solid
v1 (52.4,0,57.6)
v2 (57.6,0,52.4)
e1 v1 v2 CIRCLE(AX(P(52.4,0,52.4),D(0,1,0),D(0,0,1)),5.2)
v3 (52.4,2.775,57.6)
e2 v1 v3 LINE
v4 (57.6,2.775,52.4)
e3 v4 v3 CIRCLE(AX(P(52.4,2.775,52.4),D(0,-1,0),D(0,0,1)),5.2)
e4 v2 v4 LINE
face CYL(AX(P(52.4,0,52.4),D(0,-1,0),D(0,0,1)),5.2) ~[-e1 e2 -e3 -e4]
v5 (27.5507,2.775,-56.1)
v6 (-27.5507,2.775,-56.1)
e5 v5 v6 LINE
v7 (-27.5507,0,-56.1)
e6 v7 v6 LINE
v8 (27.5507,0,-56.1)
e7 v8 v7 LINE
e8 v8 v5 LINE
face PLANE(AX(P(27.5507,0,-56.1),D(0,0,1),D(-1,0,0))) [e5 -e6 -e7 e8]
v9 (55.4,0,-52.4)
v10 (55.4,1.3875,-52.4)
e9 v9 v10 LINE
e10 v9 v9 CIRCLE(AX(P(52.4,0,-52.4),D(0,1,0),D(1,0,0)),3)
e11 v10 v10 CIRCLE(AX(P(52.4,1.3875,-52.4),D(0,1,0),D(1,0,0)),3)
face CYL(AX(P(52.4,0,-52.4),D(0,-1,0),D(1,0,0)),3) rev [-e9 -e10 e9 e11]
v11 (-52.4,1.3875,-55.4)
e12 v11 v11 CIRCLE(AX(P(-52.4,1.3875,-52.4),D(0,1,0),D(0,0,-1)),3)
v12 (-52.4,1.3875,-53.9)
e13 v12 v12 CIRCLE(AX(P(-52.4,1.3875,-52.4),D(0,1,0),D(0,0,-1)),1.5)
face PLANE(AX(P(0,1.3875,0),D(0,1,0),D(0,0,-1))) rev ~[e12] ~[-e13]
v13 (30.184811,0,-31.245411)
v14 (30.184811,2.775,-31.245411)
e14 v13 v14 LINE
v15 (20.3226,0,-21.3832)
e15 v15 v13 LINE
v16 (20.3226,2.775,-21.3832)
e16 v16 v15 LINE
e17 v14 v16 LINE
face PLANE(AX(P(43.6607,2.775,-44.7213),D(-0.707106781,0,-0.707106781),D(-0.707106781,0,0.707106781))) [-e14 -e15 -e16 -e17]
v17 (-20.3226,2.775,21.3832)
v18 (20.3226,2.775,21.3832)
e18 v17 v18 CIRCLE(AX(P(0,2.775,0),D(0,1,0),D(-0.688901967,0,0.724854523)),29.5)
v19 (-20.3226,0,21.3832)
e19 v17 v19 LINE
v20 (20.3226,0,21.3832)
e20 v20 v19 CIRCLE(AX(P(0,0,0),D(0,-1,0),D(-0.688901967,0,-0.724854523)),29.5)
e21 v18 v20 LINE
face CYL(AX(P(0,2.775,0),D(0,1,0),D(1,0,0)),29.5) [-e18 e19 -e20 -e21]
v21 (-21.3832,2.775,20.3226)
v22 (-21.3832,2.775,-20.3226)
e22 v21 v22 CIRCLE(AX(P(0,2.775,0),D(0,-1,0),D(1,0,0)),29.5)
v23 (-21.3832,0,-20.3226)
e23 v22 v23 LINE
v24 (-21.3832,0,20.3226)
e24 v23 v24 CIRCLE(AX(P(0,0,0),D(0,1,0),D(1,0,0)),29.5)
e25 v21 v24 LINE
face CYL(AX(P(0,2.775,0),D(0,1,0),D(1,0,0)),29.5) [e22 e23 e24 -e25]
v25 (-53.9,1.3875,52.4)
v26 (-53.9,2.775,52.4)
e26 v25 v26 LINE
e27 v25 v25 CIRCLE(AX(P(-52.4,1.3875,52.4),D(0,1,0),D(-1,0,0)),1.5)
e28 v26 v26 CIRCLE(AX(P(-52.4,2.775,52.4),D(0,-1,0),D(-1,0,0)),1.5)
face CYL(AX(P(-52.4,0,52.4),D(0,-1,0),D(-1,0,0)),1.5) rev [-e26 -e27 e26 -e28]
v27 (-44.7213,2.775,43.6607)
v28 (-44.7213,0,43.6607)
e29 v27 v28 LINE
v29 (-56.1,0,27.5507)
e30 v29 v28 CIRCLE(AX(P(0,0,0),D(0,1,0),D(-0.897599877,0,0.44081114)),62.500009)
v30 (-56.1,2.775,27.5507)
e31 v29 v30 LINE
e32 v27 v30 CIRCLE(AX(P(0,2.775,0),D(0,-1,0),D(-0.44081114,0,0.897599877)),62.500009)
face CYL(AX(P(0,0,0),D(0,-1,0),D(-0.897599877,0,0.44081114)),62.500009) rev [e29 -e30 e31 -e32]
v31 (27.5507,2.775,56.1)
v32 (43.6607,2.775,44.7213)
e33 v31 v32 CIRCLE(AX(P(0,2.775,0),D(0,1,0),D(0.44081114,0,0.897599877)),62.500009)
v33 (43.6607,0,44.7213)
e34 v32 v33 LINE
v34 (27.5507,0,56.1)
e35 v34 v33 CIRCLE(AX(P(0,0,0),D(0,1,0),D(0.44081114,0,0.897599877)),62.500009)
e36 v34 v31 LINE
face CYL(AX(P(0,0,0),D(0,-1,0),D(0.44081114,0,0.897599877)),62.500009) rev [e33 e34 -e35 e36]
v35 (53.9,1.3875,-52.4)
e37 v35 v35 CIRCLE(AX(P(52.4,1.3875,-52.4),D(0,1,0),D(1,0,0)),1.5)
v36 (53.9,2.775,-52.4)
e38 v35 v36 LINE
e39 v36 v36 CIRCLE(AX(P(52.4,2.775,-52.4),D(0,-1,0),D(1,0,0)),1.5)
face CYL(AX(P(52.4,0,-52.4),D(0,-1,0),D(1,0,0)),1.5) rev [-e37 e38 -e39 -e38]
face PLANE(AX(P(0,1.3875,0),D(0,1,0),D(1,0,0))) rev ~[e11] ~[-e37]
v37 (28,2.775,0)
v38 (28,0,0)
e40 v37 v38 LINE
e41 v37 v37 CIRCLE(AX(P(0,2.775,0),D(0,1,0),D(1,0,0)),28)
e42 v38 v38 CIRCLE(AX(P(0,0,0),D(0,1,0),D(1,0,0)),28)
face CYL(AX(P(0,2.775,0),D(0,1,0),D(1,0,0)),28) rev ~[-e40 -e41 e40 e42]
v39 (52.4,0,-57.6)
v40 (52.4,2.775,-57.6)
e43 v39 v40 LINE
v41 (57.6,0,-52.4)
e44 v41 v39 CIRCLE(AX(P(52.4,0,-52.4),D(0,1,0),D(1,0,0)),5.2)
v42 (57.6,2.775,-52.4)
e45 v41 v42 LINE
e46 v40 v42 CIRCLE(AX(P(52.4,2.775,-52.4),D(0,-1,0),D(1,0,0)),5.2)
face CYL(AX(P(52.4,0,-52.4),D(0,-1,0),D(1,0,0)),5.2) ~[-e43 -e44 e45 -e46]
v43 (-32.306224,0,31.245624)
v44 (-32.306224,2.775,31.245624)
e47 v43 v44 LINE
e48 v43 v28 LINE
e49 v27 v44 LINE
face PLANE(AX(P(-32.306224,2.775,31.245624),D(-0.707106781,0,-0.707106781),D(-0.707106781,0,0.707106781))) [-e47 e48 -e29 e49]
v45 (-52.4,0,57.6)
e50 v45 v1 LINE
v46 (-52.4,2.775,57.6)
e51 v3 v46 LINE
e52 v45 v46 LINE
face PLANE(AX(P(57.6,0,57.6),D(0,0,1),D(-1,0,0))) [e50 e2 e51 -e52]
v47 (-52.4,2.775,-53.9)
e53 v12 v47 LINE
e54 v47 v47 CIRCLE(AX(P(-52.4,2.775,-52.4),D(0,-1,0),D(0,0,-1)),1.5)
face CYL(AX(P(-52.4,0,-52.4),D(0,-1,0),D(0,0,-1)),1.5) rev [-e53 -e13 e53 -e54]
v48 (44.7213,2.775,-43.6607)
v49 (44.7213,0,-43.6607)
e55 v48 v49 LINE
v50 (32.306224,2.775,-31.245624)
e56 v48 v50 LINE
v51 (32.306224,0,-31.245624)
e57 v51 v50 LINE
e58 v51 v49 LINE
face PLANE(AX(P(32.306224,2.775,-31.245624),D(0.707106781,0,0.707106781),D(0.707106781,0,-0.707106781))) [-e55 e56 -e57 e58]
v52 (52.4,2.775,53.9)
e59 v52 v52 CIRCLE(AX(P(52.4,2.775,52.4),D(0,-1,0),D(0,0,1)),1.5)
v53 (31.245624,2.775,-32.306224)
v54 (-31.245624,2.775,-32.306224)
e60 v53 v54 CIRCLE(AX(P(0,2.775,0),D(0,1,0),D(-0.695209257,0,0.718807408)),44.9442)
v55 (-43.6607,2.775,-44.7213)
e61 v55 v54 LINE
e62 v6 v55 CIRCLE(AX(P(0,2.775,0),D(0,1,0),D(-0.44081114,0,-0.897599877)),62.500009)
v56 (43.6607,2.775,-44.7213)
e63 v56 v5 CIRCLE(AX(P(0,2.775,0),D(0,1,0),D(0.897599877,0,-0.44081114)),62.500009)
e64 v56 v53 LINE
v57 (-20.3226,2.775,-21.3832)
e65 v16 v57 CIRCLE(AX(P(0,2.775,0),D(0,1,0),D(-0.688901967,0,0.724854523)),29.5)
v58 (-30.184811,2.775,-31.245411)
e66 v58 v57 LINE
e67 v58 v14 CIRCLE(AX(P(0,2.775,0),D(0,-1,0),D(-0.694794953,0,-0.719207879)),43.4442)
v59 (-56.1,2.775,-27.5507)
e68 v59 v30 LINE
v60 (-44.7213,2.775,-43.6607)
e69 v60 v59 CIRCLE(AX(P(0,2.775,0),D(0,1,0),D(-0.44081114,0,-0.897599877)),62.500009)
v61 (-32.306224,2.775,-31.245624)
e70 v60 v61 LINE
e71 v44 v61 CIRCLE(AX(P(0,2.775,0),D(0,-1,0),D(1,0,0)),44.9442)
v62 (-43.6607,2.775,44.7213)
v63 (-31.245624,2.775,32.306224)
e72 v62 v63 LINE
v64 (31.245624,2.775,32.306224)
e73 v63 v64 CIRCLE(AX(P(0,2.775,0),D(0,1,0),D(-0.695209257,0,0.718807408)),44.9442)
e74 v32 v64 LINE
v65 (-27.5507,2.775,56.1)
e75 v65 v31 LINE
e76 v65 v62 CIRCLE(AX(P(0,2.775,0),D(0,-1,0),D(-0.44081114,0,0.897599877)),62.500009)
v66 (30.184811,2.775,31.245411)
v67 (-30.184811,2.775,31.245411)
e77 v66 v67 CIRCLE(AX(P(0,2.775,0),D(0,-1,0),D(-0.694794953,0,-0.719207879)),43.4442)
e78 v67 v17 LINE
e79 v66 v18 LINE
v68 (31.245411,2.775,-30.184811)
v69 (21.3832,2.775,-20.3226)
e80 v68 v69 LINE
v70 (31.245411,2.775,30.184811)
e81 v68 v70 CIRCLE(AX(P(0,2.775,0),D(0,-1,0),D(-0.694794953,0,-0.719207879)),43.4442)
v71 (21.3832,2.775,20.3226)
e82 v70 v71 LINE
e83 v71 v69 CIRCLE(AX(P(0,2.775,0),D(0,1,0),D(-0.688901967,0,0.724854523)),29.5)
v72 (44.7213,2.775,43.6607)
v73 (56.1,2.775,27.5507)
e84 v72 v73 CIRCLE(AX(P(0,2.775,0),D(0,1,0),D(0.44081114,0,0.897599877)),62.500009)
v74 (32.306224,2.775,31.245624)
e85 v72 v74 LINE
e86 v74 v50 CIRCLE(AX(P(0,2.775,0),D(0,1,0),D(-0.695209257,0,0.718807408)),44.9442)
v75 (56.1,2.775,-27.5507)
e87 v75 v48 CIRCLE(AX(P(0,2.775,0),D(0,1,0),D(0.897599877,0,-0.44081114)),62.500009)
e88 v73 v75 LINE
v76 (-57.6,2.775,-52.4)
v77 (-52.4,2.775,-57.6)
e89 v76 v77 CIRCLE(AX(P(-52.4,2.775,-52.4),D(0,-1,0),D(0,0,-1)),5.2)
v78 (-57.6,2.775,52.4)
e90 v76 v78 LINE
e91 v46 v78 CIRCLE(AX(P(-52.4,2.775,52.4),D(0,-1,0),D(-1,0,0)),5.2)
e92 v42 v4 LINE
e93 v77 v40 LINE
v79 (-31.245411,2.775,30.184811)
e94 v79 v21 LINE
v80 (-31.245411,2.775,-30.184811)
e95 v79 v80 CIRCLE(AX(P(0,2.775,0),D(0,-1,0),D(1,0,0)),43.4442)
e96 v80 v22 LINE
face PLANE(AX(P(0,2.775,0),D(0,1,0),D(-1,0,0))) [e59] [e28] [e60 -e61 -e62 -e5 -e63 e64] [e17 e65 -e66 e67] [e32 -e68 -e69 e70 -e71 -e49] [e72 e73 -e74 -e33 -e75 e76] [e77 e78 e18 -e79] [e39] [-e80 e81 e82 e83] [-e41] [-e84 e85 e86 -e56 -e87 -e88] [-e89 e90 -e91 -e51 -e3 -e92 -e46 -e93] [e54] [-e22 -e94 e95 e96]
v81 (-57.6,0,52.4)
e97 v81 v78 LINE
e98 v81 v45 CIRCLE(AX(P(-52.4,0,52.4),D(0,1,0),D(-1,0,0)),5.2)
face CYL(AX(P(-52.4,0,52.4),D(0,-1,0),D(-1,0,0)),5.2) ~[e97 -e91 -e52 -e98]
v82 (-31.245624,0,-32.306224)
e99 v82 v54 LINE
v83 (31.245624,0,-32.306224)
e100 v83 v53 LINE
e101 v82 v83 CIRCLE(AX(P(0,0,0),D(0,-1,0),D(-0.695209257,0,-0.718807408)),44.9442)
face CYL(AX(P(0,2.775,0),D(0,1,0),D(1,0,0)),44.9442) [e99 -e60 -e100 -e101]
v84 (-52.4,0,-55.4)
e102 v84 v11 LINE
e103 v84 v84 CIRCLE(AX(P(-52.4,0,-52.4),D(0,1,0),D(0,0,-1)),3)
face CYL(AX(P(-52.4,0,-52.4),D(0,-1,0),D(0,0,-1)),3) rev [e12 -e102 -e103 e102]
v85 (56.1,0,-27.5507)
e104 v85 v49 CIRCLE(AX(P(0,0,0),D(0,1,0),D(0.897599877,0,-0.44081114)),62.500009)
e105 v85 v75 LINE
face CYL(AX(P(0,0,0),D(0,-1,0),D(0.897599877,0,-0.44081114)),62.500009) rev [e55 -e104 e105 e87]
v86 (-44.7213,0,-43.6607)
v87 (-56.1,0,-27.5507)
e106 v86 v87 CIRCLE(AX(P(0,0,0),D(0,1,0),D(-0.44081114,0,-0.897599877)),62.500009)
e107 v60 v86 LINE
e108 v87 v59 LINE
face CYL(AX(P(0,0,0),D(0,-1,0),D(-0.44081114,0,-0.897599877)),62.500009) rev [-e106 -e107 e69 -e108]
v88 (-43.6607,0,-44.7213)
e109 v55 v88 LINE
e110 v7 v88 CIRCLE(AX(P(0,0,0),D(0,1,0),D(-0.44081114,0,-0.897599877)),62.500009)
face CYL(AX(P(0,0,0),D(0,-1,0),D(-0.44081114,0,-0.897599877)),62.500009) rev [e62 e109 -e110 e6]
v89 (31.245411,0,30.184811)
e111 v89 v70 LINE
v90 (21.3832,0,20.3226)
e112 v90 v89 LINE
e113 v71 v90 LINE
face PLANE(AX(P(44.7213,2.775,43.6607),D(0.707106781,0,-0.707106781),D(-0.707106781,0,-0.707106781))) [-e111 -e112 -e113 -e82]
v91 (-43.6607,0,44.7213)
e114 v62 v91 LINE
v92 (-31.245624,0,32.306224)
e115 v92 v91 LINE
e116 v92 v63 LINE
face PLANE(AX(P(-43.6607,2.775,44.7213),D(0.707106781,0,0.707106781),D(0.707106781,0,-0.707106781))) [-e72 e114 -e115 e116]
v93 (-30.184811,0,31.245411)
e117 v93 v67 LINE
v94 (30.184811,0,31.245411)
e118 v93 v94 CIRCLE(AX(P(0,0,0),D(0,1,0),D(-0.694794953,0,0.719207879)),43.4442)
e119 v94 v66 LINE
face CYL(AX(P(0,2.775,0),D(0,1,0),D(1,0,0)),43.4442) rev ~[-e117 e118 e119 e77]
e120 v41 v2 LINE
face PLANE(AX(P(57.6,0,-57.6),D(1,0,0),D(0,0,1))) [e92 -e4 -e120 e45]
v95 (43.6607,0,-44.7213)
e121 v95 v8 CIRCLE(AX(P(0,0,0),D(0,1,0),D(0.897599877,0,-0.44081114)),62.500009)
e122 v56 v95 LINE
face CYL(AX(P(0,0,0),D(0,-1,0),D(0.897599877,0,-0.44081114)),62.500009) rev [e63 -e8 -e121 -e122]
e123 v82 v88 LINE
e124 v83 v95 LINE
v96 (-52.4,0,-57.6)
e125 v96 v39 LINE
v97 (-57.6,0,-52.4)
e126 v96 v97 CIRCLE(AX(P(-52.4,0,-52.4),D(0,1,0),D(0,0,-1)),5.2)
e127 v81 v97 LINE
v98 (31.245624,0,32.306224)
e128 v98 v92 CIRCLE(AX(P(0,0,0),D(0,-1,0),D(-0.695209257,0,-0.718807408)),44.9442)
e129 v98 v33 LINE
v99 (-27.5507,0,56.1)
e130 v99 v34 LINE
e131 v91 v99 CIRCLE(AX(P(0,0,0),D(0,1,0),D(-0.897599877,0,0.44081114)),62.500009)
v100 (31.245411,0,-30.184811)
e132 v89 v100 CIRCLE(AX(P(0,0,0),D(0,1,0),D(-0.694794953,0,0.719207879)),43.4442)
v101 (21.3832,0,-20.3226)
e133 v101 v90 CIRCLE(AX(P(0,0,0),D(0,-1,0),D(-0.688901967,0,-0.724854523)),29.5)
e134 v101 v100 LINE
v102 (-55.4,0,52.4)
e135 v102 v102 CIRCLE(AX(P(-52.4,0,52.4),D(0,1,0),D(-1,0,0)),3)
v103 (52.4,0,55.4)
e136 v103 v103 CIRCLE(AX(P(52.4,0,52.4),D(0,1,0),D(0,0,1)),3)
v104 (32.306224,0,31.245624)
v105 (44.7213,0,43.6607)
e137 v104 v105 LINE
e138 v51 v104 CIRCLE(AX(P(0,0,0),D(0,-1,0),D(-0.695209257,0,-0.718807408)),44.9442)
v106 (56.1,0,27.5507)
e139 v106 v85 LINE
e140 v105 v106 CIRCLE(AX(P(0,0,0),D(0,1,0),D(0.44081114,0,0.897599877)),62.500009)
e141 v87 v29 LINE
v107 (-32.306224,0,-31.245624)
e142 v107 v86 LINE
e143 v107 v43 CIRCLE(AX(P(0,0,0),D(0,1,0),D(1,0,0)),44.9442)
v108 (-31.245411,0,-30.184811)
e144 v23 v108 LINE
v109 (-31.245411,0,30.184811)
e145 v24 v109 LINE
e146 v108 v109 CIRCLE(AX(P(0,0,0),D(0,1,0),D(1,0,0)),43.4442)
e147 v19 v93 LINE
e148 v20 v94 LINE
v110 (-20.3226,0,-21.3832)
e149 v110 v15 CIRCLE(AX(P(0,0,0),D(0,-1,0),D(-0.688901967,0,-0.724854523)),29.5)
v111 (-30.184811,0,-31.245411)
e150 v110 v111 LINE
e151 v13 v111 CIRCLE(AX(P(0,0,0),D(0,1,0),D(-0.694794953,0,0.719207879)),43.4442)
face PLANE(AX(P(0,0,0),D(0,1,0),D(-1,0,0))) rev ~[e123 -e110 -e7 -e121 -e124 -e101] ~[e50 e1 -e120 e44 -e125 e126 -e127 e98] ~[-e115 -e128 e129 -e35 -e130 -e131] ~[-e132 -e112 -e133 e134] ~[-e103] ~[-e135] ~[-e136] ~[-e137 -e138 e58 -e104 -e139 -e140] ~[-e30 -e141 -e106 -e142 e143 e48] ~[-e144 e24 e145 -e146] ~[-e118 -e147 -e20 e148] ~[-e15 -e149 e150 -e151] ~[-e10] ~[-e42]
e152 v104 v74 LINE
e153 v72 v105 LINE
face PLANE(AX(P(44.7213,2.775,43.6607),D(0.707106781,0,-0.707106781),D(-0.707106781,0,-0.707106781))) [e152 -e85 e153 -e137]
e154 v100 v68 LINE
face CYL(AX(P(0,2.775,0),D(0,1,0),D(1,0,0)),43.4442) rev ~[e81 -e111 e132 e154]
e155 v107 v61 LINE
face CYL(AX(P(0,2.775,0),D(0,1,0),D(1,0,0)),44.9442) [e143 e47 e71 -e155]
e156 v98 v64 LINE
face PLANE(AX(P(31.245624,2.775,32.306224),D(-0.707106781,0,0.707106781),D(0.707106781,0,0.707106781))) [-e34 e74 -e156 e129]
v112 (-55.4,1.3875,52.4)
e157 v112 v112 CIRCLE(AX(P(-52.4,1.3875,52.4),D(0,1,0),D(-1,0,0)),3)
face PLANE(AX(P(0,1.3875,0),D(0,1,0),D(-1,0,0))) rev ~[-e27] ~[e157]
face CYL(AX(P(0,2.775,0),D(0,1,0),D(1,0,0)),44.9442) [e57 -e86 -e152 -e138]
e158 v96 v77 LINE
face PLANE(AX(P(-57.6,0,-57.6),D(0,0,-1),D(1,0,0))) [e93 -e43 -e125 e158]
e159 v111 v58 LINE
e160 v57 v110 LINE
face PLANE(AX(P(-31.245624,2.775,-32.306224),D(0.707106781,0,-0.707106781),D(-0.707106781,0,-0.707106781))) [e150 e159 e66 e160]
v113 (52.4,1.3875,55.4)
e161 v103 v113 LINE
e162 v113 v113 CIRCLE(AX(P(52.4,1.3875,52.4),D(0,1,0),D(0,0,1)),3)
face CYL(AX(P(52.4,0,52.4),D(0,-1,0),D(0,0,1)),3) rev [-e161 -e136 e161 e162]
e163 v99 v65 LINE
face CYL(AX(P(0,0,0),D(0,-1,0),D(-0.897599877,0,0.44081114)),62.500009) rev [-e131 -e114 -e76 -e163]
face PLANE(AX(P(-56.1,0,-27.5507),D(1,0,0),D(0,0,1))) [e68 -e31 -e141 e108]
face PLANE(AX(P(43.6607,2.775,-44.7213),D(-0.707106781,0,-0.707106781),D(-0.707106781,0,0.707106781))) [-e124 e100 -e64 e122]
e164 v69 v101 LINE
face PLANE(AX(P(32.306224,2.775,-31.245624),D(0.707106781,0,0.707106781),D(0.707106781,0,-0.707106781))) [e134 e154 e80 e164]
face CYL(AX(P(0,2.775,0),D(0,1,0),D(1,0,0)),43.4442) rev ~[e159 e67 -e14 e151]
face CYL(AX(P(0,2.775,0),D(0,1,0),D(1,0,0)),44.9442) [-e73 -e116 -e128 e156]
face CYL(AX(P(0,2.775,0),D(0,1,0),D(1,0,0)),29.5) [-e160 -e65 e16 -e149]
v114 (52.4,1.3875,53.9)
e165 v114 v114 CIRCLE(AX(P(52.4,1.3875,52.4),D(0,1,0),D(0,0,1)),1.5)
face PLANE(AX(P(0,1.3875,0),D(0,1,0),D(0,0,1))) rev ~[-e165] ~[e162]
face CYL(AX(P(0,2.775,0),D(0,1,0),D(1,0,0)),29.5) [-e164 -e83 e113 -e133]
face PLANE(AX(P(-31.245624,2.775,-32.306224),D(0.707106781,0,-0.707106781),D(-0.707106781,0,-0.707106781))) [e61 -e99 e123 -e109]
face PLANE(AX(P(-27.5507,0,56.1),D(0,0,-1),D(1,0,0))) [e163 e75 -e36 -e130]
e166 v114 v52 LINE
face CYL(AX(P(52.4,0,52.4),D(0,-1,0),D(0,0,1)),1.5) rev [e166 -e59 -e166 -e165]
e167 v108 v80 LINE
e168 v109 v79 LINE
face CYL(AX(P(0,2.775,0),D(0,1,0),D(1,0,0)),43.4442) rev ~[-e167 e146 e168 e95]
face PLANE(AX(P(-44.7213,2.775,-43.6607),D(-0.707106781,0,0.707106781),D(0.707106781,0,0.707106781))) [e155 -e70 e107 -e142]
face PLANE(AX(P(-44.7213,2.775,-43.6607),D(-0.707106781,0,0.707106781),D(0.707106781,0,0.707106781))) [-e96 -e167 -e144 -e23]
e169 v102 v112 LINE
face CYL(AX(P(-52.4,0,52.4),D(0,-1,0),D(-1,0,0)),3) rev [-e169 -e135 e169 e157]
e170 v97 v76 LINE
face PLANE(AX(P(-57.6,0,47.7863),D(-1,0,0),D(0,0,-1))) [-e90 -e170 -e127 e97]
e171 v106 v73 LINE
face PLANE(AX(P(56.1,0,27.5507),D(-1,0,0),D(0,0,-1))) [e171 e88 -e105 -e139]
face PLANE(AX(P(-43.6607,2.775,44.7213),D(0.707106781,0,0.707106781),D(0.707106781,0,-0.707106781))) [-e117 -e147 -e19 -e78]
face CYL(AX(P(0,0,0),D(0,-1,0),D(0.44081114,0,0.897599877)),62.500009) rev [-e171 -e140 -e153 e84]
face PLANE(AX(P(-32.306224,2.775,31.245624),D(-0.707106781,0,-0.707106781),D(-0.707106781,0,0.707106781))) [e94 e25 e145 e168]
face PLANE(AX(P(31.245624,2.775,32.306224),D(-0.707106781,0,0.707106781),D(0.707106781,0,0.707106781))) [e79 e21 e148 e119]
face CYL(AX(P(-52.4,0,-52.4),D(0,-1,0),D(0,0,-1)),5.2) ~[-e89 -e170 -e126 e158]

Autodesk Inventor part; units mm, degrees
ref_plane "YZ Plane" through (0, 0, 0) normal (1, 0, 0) x (0, 1, 0)
ref_plane "XZ Plane" through (0, 0, 0) normal (0, 1, 0) x (-1, 0, 0)
ref_plane "XY Plane" through (0, 0, 0) normal (0, 0, 1) x (1, 0, 0)
sketch "Sketch1" plane through (0, 0, 0) normal (0, 1, 0) x (-1, 0, 0)
  line L0 (-57.6, 57.6) -> (57.6, 57.6)
  line L1 (57.6, 57.6) -> (57.6, -57.6)
  line L2 (57.6, -57.6) -> (-57.6, -57.6)
  line L3 (-57.6, -57.6) -> (-57.6, 57.6)
  line L4 (-57.6, 57.6) -> (57.6, -57.6) construction
  line L5 (57.6, 57.6) -> (-57.6, -57.6) construction
  circle A0 centre (52.4, 52.4) radius 1.5
  circle A1 centre (52.4, -52.4) radius 1.5
  arc A2 (56.1, 27.5507) -> (27.5507, 56.1) centre (0, 0) ccw
  arc A3 (27.5507, -56.1) -> (56.1, -27.5507) centre (0, 0) ccw
  arc A4 (-56.1, -27.5507) -> (-27.5507, -56.1) centre (0, 0) ccw
  arc A5 (-27.5507, 56.1) -> (-56.1, 27.5507) centre (0, 0) ccw
  line L6 (27.5507, 56.1) -> (-27.5507, 56.1)
  line L7 (-56.1, 27.5507) -> (-56.1, -27.5507)
  line L8 (-27.5507, -56.1) -> (27.5507, -56.1)
  line L9 (56.1, -27.5507) -> (56.1, 27.5507)
  arc A6 (57.6, 52.4) -> (52.4, 57.6) centre (52.4, 52.4) ccw
  line L10 (47.7863, 57.6) -> (44.1942, 44.1942)
  line L11 (44.1942, 44.1942) -> (57.6, 47.7863)
  line L12 (-58, 58) -> (58, 58) construction
  line L13 (58, 58) -> (58, -58) construction
  line L14 (58, -58) -> (-58, -58) construction
  line L15 (-58, -58) -> (-58, 58) construction
  line L16 (-58, 58) -> (58, -58) construction
  line L17 (58, 58) -> (-58, -58) construction
  circle A7 centre (52.4, 52.4) radius 3
  point P0 (0, 56.1)
  dimension "d1" = 3
  dimension "d2" = 104.8
  dimension "d4" = 62.5
  dimension "d9" = 30
  dimension "d80" = 116
  dimension "d81" = 0.4
  dimension "d82" = 1.5
  dimension "d88" = 6
extrude "Extrusion3" add sketch "Sketch1" along normal blind 2.775 contours L0 L10 L11 L1 L2 L3 | L0 A6 L1 L11 L10 | L0 L1 A6 | A0 | A1 | A7
extrude "Extrusion5" cut sketch "Sketch1" along normal up to next contours L0 L1 A6
sketch "Sketch4" plane through (0, 2.775, 0) normal (0, 1, 0) x (1, 0, 0)
  line L0 (-56.1, -27.5507) -> (-56.1, 27.5507) projected
  arc A0 (-27.5507, 56.1) -> (-56.1, 27.5507) centre (0, 0) ccw projected
  line L1 (-27.5507, 56.1) -> (27.5507, 56.1) projected
  arc A1 (56.1, 27.5507) -> (27.5507, 56.1) centre (0, 0) ccw projected
  line L2 (56.1, 27.5507) -> (56.1, -27.5507) projected
  arc A2 (27.5507, -56.1) -> (56.1, -27.5507) centre (0, 0) ccw projected
  line L3 (27.5507, -56.1) -> (-27.5507, -56.1) projected
  arc A3 (-56.1, -27.5507) -> (-27.5507, -56.1) centre (0, 0) ccw projected
  line L4 (-57.6, 57.6) -> (-57.6, -52.4) projected
  arc A4 (-57.6, -52.4) -> (-52.4, -57.6) centre (-52.4, -52.4) ccw projected
  line L5 (-52.4, -57.6) -> (57.6, -57.6) projected
  line L6 (57.6, -57.6) -> (57.6, 57.6) projected
  line L7 (57.6, 57.6) -> (-57.6, 57.6) projected
  circle A5 centre (0, 0) radius 28
  circle A6 centre (0, 0) radius 29.5
  line L8 (52.4, 52.4) -> (-52.4, -52.4) construction
  line L9 (-21.3832, -20.3226) -> (-44.7213, -43.6607)
  line L10 (-43.6607, -44.7213) -> (-20.3226, -21.3832)
  arc A7 (-52.4, 56.1) -> (-56.1, 52.4) centre (-52.4, 52.4) ccw
  line L11 (-56.1, 52.4) -> (-56.1, -52.4)
  arc A8 (-56.1, -52.4) -> (-52.4, -56.1) centre (-52.4, -52.4) ccw
  line L12 (-52.4, -56.1) -> (52.4, -56.1)
  arc A9 (52.4, -56.1) -> (56.1, -52.4) centre (52.4, -52.4) ccw
  line L13 (56.1, -52.4) -> (56.1, 52.4)
  arc A10 (56.1, 52.4) -> (52.4, 56.1) centre (52.4, 52.4) ccw
  line L14 (52.4, 56.1) -> (-52.4, 56.1)
  arc A11 (-52.4, 55.2) -> (-55.2, 52.4) centre (-52.4, 52.4) ccw
  line L15 (-55.2, 52.4) -> (-55.2, -52.4)
  arc A12 (-55.2, -52.4) -> (-52.4, -55.2) centre (-52.4, -52.4) ccw
  line L16 (-52.4, -55.2) -> (52.4, -55.2)
  arc A13 (52.4, -55.2) -> (55.2, -52.4) centre (52.4, -52.4) ccw
  line L17 (55.2, -52.4) -> (55.2, 52.4)
  arc A14 (55.2, 52.4) -> (52.4, 55.2) centre (52.4, 52.4) ccw
  line L18 (52.4, 55.2) -> (-52.4, 55.2)
  arc A15 (-56.1, -27.5507) -> (-27.5507, -56.1) centre (0, 0) ccw projected
  arc A16 (-55.2, -29.3123) -> (-29.3123, -55.2) centre (0, 0) ccw
  circle A17 centre (0, 0) radius 44.1942 construction
  line L19 (0, 44.1942) -> (44.1942, 44.1942) construction
  circle A18 centre (0, 0) radius 44.9442
  circle A19 centre (0, 0) radius 43.4442
  point P0 (0, 0)
  dimension "d36" = 56
  dimension "d37" = 1.5
  dimension "d38" = 1.5
  dimension "d48" = 0.9
  dimension "d69" = 1.5
  dimension "d70" = 0.75
extrude "Extrusion12" add sketch "Sketch4" against normal blind 2.775 contours A18 L10 A19 L9 | L9 A19 L10 A18 | A6
extrude "Extrusion13" add sketch "Sketch4" against normal blind 2.775 contours L9 A18 L10 A3 | L9 A19 L10 A18 | L9 A6 L10 A19 picked at (-30.6576, -31.4825) picked at (-23.7298, -24.5548)
extrude "Extrusion15" cut sketch "Sketch1" along normal up to next contours A0
extrude "Extrusion16" cut sketch "Sketch1" along normal blind 1.3875 contours A7
pattern_circular "Circular Pattern8" count 4 over 360 about axis through (0, 2.775, 0) along (0, -1, 0) of "Extrusion15", "Extrusion16", "Extrusion13", "Extrusion5"
equation "\"d1\" = holeSize"
equation "\"d2\" = dHoles"
equation "\"d4\" = 0.5 * fanDia"
equation "\"d82\" = d39"
equation "\"d22\" = thickness"
equation "\"d36\" = fanCenter"
equation "\"d37\" = d39"
equation "\"d38\" = d39"
equation "\"d69\" = d39"
equation "\"d70\" = 0.5 * d39"
equation "\"d62\" = thickness"
equation "\"d64\" = thickness"
equation "\"d89\" = 0.5 * thickness"
equation "\"holeSize\" = 3"
equation "\"thickness\" = 2.775"
equation "\"dHoles\" = 104.8"
equation "\"fanDia\" = 125"
equation "\"d39\" = 1.5"
equation "\"fanCenter\" = 56"
properties part number "intake2"
